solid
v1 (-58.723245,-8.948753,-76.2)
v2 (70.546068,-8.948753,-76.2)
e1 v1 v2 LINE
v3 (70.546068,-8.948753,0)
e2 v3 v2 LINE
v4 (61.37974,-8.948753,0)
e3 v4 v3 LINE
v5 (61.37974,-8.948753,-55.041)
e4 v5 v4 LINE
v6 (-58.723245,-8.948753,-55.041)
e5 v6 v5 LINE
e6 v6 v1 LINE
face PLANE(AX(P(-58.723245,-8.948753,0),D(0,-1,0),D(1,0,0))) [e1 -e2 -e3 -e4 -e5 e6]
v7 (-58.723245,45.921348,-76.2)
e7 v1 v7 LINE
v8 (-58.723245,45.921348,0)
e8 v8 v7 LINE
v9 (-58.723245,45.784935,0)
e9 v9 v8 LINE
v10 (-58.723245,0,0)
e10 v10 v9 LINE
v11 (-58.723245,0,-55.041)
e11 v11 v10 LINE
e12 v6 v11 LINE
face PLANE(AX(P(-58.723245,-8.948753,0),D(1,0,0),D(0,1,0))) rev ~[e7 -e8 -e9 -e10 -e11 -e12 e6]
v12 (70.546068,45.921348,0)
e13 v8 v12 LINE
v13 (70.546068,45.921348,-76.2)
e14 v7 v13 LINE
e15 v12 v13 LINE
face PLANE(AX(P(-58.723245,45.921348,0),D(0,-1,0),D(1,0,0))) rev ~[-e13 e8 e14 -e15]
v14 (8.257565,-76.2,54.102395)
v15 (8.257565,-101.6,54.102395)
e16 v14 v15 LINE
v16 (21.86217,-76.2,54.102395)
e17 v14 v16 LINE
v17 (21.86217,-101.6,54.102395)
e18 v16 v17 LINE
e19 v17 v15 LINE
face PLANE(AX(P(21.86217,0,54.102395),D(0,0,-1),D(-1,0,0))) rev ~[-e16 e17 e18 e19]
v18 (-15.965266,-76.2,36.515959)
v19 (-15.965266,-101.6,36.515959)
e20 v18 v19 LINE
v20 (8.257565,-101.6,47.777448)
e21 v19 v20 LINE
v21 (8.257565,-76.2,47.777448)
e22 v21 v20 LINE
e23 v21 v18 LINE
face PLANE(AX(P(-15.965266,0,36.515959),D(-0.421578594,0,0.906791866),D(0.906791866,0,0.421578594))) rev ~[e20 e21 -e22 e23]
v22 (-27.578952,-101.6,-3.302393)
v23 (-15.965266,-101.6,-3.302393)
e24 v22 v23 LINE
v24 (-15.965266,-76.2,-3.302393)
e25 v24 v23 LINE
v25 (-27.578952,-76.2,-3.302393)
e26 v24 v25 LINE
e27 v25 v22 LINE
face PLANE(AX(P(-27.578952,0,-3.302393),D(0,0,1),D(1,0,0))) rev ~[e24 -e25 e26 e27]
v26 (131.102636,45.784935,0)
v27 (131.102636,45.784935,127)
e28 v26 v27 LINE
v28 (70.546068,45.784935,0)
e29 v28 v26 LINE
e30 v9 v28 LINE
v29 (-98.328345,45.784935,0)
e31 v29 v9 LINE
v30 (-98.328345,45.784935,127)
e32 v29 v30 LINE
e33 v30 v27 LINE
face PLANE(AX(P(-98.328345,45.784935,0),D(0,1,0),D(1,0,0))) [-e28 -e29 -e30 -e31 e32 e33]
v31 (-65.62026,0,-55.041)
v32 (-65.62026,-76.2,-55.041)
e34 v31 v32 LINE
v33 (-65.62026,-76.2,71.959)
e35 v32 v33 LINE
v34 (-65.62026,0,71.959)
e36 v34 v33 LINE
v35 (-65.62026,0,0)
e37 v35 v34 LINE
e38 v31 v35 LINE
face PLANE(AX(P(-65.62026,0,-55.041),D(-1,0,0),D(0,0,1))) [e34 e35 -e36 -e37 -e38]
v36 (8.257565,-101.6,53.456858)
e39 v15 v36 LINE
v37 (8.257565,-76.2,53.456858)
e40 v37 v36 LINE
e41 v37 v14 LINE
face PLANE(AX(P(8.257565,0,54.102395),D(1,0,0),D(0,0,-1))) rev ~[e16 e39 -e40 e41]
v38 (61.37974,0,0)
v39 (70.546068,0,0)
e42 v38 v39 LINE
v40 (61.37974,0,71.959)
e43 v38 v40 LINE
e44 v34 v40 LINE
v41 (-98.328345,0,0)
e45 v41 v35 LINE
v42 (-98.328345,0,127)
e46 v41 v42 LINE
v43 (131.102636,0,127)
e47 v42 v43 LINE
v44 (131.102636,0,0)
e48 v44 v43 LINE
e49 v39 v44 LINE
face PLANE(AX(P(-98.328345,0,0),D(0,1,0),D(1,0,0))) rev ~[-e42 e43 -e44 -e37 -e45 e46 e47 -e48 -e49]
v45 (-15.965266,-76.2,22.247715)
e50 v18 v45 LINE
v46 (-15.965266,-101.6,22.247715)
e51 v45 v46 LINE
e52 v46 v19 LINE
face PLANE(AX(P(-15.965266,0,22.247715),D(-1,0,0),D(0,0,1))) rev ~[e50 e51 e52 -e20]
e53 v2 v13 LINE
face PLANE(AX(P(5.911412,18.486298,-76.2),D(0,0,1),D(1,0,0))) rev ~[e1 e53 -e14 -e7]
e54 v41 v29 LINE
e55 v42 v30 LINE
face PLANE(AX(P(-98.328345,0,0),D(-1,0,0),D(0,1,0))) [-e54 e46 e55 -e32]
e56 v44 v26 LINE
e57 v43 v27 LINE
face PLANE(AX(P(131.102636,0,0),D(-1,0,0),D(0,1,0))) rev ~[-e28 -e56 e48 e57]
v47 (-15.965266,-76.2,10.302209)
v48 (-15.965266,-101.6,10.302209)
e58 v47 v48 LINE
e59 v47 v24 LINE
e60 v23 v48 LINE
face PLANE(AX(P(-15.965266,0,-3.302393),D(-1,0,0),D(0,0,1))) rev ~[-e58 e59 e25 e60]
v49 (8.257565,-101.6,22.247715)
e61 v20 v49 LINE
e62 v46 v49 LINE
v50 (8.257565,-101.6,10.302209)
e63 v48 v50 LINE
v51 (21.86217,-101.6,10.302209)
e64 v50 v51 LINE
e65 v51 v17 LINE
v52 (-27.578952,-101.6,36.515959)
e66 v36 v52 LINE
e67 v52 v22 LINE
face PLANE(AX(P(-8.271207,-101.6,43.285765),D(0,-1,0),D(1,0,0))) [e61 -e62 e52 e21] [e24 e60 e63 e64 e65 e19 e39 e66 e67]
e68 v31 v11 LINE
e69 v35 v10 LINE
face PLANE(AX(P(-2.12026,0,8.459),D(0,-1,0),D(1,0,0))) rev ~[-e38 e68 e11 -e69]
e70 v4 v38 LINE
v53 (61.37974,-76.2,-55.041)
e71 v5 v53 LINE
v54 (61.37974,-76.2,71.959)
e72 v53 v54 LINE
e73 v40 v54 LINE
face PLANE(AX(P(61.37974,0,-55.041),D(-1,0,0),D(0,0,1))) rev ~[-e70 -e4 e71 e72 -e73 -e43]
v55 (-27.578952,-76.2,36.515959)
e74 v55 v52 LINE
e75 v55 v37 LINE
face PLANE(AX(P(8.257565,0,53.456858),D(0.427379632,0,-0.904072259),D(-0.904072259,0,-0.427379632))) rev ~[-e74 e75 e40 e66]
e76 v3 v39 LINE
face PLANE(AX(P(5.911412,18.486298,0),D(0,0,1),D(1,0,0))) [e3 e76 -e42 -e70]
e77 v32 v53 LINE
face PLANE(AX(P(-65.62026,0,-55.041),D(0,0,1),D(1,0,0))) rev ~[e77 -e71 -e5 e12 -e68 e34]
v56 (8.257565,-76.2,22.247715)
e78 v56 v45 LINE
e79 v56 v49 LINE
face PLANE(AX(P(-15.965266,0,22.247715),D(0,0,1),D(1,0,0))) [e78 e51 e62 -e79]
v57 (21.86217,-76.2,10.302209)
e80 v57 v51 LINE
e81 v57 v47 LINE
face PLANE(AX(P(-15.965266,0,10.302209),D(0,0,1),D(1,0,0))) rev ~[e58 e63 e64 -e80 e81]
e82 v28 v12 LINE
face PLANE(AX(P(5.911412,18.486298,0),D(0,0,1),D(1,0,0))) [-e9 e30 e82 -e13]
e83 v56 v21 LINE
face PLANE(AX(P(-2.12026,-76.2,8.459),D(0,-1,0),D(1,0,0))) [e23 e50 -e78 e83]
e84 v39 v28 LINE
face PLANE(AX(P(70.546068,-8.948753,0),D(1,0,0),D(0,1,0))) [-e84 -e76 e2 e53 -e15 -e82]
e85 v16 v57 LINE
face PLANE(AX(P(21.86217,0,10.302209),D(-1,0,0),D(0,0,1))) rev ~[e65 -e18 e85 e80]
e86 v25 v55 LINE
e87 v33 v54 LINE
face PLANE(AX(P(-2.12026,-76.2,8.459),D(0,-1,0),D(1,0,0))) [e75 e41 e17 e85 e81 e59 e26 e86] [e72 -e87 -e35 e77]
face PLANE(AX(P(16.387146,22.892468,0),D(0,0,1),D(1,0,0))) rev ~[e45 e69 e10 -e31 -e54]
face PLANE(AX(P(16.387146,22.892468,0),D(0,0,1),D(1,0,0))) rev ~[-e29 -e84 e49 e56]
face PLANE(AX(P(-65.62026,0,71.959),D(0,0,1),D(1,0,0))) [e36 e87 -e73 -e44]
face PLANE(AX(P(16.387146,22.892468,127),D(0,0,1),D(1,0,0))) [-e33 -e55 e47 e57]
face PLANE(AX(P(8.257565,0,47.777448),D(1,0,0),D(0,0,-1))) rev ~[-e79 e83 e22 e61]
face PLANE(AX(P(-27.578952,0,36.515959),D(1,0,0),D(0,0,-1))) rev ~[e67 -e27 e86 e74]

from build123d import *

# Parameters (mm, degrees)
F0_W     = 127
F0_H     = 127
F1_DEPTH = 76.2
F2_W     = 229.4309809804
F2_H     = 45.7849353552
F3_DEPTH = 127
F4_W     = 129.2693130672
F4_H     = 54.8701006919
F5_DEPTH = 76.2
F6_W     = 24.2228312418
F6_H     = 11.9455056265
F7_DEPTH = 101.6


with BuildPart() as f1:
    # F0 (on Front) → F1 (new body)
    with BuildSketch(Plane.XZ):
        with Locations((-2.1202601492, 8.4589998459)):
            Rectangle(F0_W, F0_H)
    extrude(amount=F1_DEPTH)

    # F2 (on Top) → F3 (join)
    with BuildSketch(Plane.XY):
        with Locations((16.3871459663, 22.8924676776)):
            Rectangle(F2_W, F2_H)
    extrude(amount=F3_DEPTH)

    # F4 (on Top) → F5 (join)
    with BuildSketch(Plane.XY):
        with Locations((5.9114117175, 18.4862976894)):
            Rectangle(F4_W, F4_H)
    extrude(amount=-F5_DEPTH)

    # F6 (on Front) → F7 (join)
    with BuildSketch(Plane.XZ):
        Polygon((8.2575650886, 53.4568582272), (-27.5789517909, 36.5159586072), (-15.9652661532, 36.5159586072), (8.2575650886, 47.7774481696), align=None)
        Polygon((-15.9652661532, 36.5159586072), (-27.5789517909, 36.5159586072), (-27.5789517909, -3.3023932483), (-15.9652661532, -3.3023932483), (-15.9652661532, 10.3022092953), (-15.9652661532, 22.2477149218), align=None)
        Polygon((8.2575650886, 54.1023947299), (8.2575650886, 53.4568582272), (8.2575650886, 47.7774481696), (21.8621697277, 54.1023947299), align=None)
        with Locations((-3.8538505323, 16.2749621086)):
            Rectangle(F6_W, F6_H)
        Polygon((21.8621697277, 54.1023947299), (8.2575650886, 47.7774481696), (8.2575650886, 22.2477149218), (8.2575650886, 10.3022092953), (21.8621697277, 10.3022092953), align=None)
    extrude(amount=F7_DEPTH)


solid = f1.part
